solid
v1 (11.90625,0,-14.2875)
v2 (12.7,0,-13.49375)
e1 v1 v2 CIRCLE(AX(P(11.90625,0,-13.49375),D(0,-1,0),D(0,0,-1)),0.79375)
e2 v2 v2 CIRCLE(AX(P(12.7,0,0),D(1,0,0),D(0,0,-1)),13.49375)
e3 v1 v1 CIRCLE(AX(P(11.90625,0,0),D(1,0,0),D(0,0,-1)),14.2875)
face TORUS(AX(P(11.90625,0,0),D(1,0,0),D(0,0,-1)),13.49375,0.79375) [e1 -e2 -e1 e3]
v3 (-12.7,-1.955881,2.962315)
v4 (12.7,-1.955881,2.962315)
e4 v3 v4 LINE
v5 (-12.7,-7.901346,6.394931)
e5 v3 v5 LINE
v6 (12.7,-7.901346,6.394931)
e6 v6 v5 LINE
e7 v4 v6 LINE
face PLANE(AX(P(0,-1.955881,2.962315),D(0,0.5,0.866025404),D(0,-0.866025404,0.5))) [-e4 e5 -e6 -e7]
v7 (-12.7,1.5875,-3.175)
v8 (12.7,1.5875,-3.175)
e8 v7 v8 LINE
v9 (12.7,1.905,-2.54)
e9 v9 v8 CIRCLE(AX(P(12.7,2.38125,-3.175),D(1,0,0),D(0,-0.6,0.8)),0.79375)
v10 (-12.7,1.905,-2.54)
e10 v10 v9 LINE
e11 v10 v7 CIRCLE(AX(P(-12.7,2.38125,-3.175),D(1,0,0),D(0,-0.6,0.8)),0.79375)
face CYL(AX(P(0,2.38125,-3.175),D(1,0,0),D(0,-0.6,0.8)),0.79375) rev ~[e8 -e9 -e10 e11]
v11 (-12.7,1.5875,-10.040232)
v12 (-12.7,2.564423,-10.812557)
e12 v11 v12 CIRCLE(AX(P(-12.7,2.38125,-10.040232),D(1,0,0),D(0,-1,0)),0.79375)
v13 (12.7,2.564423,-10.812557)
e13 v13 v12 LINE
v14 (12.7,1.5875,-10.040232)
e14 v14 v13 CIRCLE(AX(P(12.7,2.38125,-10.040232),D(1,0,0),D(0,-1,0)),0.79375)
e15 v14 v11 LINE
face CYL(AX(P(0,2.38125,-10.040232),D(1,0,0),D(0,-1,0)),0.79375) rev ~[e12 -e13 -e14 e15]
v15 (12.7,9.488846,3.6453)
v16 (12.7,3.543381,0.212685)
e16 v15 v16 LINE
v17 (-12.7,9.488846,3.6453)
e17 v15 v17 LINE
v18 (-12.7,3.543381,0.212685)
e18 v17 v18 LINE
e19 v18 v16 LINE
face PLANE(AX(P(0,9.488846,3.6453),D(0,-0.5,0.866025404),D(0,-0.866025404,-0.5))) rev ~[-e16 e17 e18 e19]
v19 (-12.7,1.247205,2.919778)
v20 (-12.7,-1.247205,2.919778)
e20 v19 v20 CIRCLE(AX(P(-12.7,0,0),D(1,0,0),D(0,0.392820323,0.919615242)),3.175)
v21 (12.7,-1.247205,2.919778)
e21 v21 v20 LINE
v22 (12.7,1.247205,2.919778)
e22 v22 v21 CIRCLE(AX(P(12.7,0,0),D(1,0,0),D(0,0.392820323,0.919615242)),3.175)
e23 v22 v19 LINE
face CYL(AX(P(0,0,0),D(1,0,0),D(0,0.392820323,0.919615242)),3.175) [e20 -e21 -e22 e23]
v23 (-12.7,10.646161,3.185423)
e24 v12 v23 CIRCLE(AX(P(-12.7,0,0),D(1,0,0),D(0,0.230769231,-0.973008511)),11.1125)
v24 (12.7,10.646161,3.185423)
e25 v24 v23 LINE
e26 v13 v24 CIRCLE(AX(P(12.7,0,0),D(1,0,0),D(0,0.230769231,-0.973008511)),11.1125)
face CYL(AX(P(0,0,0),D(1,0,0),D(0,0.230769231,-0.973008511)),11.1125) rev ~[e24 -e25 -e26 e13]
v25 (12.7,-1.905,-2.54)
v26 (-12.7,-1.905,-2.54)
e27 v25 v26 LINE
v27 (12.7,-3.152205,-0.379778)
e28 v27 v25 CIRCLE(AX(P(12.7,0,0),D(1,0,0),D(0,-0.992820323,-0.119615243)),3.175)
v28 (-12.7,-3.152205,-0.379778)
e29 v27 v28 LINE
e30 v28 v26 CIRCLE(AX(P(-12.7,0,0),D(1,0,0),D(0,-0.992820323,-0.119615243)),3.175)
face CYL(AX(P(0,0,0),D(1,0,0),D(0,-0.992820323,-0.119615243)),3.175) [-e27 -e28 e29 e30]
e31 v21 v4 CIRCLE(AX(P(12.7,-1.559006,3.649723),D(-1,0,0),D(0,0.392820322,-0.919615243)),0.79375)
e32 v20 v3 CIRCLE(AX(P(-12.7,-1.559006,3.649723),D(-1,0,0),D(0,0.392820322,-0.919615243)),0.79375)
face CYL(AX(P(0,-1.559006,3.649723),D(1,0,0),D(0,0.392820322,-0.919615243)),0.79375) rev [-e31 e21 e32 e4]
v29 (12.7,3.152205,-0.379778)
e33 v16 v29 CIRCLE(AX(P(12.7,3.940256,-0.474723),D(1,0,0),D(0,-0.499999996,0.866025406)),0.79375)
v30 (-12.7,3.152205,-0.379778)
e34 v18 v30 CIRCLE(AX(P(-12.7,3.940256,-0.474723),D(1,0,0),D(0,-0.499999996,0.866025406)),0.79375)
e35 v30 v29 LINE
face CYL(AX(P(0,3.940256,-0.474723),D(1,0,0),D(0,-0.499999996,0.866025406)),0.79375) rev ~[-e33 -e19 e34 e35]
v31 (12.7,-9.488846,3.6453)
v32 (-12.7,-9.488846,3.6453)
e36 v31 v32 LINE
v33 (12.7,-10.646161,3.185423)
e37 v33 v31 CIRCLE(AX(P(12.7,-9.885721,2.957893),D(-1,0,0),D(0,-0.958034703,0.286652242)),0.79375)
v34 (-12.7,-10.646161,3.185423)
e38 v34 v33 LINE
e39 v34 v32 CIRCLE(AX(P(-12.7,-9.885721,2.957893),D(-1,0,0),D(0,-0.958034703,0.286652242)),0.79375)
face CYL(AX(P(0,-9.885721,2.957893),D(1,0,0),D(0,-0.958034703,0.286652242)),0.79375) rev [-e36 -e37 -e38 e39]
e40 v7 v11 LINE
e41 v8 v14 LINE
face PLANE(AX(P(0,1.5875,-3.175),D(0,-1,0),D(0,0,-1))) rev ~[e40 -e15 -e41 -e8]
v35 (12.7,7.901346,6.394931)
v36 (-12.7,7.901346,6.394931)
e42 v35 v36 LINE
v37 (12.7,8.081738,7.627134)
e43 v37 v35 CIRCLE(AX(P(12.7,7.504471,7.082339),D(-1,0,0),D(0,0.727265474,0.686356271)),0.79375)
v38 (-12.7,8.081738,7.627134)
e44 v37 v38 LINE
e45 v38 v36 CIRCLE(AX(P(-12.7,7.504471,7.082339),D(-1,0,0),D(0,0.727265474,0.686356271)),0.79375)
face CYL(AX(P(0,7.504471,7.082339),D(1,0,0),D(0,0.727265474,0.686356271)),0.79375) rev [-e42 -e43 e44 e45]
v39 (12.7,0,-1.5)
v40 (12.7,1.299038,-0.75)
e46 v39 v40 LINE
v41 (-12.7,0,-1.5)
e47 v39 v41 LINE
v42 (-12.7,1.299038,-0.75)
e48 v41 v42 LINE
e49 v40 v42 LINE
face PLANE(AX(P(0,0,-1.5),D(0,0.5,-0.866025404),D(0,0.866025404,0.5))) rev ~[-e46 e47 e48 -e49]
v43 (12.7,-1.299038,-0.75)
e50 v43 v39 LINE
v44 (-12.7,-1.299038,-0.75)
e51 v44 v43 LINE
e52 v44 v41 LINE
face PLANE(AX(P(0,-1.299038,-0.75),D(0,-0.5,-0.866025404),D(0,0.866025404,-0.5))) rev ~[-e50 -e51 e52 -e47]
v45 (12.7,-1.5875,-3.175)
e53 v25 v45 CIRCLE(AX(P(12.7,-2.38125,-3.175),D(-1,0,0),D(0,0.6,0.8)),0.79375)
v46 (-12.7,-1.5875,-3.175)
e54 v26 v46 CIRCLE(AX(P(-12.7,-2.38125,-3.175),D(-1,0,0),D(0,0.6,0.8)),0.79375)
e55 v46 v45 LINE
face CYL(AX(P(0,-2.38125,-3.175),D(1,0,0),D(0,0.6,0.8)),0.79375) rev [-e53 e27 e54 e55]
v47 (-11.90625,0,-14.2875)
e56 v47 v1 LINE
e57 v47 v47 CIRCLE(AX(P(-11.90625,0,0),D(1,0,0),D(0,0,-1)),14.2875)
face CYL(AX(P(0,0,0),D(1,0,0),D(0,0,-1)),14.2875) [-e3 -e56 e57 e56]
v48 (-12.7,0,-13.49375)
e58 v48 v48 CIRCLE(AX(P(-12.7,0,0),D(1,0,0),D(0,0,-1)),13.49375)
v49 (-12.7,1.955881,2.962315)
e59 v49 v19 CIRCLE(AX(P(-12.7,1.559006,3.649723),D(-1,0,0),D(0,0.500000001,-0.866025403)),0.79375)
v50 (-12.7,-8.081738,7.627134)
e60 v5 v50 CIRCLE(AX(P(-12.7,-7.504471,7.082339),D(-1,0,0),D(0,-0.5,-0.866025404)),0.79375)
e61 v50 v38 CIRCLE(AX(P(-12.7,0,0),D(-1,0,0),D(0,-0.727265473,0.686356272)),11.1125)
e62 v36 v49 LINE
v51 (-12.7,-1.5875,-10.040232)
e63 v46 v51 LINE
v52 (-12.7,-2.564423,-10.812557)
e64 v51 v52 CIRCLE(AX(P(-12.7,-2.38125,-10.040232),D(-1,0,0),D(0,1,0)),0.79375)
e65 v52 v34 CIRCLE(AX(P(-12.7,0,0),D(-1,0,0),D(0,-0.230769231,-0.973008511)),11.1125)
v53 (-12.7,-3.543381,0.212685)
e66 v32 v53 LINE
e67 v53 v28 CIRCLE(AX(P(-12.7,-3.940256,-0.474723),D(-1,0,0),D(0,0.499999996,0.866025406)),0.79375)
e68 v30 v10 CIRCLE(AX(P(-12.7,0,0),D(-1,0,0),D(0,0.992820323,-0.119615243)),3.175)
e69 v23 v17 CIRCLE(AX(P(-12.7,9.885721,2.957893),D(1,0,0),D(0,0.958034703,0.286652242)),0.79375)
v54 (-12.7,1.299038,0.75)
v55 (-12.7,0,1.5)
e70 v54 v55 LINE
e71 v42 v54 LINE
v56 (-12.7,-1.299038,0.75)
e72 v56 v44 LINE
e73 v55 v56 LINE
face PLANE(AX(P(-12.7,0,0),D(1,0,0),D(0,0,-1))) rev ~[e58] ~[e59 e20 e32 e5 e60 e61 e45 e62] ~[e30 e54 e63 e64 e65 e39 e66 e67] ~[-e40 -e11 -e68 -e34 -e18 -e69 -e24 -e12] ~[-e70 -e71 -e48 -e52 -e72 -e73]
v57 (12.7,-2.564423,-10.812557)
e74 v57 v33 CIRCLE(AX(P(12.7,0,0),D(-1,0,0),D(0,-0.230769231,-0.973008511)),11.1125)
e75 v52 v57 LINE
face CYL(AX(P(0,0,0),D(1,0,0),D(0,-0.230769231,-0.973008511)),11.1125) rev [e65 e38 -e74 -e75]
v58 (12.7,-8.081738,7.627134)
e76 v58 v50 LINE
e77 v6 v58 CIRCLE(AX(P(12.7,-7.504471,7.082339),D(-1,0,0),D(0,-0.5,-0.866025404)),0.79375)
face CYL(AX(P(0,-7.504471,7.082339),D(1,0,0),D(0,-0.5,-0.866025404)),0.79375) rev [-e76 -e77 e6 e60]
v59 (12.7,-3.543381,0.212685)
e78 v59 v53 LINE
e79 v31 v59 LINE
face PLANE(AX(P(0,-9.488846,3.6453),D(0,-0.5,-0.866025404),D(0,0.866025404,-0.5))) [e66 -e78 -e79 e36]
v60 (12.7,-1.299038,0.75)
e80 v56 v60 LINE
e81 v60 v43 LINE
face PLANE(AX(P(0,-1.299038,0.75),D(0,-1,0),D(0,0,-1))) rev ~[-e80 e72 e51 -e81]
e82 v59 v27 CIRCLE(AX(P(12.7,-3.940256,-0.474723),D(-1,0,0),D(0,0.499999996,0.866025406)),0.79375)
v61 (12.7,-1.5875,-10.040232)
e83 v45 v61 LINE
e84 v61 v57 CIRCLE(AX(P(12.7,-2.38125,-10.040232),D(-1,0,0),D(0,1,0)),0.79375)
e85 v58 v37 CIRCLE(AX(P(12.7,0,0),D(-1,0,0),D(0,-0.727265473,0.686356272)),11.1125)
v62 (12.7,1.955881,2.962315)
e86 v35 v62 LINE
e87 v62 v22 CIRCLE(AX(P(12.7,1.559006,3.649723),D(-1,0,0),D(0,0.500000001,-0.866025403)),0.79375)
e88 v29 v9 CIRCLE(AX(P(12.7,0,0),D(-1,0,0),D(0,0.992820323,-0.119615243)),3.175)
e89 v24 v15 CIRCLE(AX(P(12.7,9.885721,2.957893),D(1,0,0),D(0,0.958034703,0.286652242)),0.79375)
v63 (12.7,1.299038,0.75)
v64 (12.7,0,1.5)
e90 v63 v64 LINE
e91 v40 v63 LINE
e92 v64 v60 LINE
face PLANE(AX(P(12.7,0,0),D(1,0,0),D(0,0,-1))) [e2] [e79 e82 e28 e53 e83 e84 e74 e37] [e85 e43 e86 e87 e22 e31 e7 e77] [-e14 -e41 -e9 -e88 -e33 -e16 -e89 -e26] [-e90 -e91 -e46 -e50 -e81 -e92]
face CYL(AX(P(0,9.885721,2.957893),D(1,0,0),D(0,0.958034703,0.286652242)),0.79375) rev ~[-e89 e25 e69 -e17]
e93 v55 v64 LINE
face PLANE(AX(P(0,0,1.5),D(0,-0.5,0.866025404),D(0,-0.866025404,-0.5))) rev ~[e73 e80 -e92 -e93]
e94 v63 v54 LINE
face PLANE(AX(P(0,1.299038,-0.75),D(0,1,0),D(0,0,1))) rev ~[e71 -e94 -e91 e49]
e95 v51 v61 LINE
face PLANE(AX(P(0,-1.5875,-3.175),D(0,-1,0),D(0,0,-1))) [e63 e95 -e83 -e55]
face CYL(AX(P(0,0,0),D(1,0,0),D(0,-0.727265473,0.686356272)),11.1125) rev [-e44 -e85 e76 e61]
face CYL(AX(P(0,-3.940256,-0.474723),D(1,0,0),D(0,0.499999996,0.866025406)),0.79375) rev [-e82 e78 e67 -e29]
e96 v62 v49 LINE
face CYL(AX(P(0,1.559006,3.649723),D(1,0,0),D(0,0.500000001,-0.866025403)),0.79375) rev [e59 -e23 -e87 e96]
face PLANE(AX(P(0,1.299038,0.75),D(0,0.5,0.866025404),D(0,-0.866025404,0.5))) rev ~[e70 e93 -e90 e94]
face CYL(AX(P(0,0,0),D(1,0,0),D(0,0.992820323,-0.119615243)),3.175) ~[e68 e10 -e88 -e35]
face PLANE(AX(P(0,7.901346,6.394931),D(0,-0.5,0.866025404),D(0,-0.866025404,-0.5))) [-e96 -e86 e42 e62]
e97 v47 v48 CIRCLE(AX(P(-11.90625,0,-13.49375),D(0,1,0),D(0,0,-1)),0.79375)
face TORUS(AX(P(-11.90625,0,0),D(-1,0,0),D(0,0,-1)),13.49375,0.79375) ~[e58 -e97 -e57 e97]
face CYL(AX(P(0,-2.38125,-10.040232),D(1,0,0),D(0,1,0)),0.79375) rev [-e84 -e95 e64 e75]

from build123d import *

# Parameters (mm, degrees)
SKETCH1_R           = 14.2875
BOSS_EXTRUDE1_DEPTH = 12.7
FILLET1_R           = 0.79375


with BuildPart() as part:
    # Sketch1 → Boss-Extrude1 (new body, symmetric)
    with BuildSketch(Plane(origin=(0, 0, 0), x_dir=(0, 0, -1), z_dir=(1, 0, 0))):
        Circle(SKETCH1_R)
        Polygon((0.75, -1.299038106), (1.5, 0), (0.75, 1.299038106), (-0.75, 1.299038106), (-1.5, 0), (-0.75, -1.299038106), align=None, mode=Mode.SUBTRACT)
        with BuildLine():
            Line((3.175, 1.5875), (10.040231571, 1.5875))
            ThreePointArc((10.040231571, 1.5875), (10.6629003, 1.888987147), (10.812557076, 2.564423077))
            ThreePointArc((10.812557076, 2.564423077), (5.55625, 9.6237073), (-3.185423008, 10.646160647))
            ThreePointArc((-3.185423008, 10.646160647), (-3.695539293, 10.178836111), (-3.645300457, 9.4888456))
            Line((-3.645300457, 9.4888456), (-0.212684671, 3.543380657))
            ThreePointArc((-0.212684671, 3.543380657), (0.037374782, 3.277861812), (0.379778394, 3.152204526))
            ThreePointArc((0.379778394, 3.152204526), (1.5875, 2.749630657), (2.54, 1.905))
            ThreePointArc((2.54, 1.905), (2.820024209, 1.671298417), (3.175, 1.5875))
        make_face(mode=Mode.SUBTRACT)
        with BuildLine():
            Line((3.175, -1.5875), (10.040231571, -1.5875))
            ThreePointArc((10.040231571, -1.5875), (10.6629003, -1.888987147), (10.812557076, -2.564423077))
            ThreePointArc((10.812557076, -2.564423077), (5.55625, -9.6237073), (-3.185423008, -10.646160647))
            ThreePointArc((-3.185423008, -10.646160647), (-3.695539293, -10.178836111), (-3.645300457, -9.4888456))
            Line((-3.645300457, -9.4888456), (-0.212684671, -3.543380657))
            ThreePointArc((-0.212684671, -3.543380657), (0.037374782, -3.277861812), (0.379778394, -3.152204526))
            ThreePointArc((0.379778394, -3.152204526), (1.5875, -2.749630657), (2.54, -1.905))
            ThreePointArc((2.54, -1.905), (2.820024209, -1.671298417), (3.175, -1.5875))
        make_face(mode=Mode.SUBTRACT)
        with BuildLine():
            Line((-2.962315329, -1.955880657), (-6.394931114, -7.9013456))
            ThreePointArc((-6.394931114, -7.9013456), (-6.967361007, -8.289848964), (-7.627134069, -8.08173757))
            ThreePointArc((-7.627134069, -8.08173757), (-11.1125, 0), (-7.627134069, 8.08173757))
            ThreePointArc((-7.627134069, 8.08173757), (-6.967361007, 8.289848964), (-6.394931114, 7.9013456))
            Line((-6.394931114, 7.9013456), (-2.962315329, 1.955880657))
            ThreePointArc((-2.962315329, 1.955880657), (-2.857398991, 1.606563395), (-2.919778394, 1.247204526))
            ThreePointArc((-2.919778394, 1.247204526), (-3.175, 0), (-2.919778394, -1.247204526))
            ThreePointArc((-2.919778394, -1.247204526), (-2.857398991, -1.606563395), (-2.962315329, -1.955880657))
        make_face(mode=Mode.SUBTRACT)
    extrude(amount=BOSS_EXTRUDE1_DEPTH, both=True)

    # Fillet1
    fillet1_edges = [part.edges().sort_by_distance(p)[0] for p in [
        (-12.7, 0, 14.2875),
        (12.7, 0, 14.2875),
    ]]
    fillet(fillet1_edges, radius=FILLET1_R)


solid = part.part
